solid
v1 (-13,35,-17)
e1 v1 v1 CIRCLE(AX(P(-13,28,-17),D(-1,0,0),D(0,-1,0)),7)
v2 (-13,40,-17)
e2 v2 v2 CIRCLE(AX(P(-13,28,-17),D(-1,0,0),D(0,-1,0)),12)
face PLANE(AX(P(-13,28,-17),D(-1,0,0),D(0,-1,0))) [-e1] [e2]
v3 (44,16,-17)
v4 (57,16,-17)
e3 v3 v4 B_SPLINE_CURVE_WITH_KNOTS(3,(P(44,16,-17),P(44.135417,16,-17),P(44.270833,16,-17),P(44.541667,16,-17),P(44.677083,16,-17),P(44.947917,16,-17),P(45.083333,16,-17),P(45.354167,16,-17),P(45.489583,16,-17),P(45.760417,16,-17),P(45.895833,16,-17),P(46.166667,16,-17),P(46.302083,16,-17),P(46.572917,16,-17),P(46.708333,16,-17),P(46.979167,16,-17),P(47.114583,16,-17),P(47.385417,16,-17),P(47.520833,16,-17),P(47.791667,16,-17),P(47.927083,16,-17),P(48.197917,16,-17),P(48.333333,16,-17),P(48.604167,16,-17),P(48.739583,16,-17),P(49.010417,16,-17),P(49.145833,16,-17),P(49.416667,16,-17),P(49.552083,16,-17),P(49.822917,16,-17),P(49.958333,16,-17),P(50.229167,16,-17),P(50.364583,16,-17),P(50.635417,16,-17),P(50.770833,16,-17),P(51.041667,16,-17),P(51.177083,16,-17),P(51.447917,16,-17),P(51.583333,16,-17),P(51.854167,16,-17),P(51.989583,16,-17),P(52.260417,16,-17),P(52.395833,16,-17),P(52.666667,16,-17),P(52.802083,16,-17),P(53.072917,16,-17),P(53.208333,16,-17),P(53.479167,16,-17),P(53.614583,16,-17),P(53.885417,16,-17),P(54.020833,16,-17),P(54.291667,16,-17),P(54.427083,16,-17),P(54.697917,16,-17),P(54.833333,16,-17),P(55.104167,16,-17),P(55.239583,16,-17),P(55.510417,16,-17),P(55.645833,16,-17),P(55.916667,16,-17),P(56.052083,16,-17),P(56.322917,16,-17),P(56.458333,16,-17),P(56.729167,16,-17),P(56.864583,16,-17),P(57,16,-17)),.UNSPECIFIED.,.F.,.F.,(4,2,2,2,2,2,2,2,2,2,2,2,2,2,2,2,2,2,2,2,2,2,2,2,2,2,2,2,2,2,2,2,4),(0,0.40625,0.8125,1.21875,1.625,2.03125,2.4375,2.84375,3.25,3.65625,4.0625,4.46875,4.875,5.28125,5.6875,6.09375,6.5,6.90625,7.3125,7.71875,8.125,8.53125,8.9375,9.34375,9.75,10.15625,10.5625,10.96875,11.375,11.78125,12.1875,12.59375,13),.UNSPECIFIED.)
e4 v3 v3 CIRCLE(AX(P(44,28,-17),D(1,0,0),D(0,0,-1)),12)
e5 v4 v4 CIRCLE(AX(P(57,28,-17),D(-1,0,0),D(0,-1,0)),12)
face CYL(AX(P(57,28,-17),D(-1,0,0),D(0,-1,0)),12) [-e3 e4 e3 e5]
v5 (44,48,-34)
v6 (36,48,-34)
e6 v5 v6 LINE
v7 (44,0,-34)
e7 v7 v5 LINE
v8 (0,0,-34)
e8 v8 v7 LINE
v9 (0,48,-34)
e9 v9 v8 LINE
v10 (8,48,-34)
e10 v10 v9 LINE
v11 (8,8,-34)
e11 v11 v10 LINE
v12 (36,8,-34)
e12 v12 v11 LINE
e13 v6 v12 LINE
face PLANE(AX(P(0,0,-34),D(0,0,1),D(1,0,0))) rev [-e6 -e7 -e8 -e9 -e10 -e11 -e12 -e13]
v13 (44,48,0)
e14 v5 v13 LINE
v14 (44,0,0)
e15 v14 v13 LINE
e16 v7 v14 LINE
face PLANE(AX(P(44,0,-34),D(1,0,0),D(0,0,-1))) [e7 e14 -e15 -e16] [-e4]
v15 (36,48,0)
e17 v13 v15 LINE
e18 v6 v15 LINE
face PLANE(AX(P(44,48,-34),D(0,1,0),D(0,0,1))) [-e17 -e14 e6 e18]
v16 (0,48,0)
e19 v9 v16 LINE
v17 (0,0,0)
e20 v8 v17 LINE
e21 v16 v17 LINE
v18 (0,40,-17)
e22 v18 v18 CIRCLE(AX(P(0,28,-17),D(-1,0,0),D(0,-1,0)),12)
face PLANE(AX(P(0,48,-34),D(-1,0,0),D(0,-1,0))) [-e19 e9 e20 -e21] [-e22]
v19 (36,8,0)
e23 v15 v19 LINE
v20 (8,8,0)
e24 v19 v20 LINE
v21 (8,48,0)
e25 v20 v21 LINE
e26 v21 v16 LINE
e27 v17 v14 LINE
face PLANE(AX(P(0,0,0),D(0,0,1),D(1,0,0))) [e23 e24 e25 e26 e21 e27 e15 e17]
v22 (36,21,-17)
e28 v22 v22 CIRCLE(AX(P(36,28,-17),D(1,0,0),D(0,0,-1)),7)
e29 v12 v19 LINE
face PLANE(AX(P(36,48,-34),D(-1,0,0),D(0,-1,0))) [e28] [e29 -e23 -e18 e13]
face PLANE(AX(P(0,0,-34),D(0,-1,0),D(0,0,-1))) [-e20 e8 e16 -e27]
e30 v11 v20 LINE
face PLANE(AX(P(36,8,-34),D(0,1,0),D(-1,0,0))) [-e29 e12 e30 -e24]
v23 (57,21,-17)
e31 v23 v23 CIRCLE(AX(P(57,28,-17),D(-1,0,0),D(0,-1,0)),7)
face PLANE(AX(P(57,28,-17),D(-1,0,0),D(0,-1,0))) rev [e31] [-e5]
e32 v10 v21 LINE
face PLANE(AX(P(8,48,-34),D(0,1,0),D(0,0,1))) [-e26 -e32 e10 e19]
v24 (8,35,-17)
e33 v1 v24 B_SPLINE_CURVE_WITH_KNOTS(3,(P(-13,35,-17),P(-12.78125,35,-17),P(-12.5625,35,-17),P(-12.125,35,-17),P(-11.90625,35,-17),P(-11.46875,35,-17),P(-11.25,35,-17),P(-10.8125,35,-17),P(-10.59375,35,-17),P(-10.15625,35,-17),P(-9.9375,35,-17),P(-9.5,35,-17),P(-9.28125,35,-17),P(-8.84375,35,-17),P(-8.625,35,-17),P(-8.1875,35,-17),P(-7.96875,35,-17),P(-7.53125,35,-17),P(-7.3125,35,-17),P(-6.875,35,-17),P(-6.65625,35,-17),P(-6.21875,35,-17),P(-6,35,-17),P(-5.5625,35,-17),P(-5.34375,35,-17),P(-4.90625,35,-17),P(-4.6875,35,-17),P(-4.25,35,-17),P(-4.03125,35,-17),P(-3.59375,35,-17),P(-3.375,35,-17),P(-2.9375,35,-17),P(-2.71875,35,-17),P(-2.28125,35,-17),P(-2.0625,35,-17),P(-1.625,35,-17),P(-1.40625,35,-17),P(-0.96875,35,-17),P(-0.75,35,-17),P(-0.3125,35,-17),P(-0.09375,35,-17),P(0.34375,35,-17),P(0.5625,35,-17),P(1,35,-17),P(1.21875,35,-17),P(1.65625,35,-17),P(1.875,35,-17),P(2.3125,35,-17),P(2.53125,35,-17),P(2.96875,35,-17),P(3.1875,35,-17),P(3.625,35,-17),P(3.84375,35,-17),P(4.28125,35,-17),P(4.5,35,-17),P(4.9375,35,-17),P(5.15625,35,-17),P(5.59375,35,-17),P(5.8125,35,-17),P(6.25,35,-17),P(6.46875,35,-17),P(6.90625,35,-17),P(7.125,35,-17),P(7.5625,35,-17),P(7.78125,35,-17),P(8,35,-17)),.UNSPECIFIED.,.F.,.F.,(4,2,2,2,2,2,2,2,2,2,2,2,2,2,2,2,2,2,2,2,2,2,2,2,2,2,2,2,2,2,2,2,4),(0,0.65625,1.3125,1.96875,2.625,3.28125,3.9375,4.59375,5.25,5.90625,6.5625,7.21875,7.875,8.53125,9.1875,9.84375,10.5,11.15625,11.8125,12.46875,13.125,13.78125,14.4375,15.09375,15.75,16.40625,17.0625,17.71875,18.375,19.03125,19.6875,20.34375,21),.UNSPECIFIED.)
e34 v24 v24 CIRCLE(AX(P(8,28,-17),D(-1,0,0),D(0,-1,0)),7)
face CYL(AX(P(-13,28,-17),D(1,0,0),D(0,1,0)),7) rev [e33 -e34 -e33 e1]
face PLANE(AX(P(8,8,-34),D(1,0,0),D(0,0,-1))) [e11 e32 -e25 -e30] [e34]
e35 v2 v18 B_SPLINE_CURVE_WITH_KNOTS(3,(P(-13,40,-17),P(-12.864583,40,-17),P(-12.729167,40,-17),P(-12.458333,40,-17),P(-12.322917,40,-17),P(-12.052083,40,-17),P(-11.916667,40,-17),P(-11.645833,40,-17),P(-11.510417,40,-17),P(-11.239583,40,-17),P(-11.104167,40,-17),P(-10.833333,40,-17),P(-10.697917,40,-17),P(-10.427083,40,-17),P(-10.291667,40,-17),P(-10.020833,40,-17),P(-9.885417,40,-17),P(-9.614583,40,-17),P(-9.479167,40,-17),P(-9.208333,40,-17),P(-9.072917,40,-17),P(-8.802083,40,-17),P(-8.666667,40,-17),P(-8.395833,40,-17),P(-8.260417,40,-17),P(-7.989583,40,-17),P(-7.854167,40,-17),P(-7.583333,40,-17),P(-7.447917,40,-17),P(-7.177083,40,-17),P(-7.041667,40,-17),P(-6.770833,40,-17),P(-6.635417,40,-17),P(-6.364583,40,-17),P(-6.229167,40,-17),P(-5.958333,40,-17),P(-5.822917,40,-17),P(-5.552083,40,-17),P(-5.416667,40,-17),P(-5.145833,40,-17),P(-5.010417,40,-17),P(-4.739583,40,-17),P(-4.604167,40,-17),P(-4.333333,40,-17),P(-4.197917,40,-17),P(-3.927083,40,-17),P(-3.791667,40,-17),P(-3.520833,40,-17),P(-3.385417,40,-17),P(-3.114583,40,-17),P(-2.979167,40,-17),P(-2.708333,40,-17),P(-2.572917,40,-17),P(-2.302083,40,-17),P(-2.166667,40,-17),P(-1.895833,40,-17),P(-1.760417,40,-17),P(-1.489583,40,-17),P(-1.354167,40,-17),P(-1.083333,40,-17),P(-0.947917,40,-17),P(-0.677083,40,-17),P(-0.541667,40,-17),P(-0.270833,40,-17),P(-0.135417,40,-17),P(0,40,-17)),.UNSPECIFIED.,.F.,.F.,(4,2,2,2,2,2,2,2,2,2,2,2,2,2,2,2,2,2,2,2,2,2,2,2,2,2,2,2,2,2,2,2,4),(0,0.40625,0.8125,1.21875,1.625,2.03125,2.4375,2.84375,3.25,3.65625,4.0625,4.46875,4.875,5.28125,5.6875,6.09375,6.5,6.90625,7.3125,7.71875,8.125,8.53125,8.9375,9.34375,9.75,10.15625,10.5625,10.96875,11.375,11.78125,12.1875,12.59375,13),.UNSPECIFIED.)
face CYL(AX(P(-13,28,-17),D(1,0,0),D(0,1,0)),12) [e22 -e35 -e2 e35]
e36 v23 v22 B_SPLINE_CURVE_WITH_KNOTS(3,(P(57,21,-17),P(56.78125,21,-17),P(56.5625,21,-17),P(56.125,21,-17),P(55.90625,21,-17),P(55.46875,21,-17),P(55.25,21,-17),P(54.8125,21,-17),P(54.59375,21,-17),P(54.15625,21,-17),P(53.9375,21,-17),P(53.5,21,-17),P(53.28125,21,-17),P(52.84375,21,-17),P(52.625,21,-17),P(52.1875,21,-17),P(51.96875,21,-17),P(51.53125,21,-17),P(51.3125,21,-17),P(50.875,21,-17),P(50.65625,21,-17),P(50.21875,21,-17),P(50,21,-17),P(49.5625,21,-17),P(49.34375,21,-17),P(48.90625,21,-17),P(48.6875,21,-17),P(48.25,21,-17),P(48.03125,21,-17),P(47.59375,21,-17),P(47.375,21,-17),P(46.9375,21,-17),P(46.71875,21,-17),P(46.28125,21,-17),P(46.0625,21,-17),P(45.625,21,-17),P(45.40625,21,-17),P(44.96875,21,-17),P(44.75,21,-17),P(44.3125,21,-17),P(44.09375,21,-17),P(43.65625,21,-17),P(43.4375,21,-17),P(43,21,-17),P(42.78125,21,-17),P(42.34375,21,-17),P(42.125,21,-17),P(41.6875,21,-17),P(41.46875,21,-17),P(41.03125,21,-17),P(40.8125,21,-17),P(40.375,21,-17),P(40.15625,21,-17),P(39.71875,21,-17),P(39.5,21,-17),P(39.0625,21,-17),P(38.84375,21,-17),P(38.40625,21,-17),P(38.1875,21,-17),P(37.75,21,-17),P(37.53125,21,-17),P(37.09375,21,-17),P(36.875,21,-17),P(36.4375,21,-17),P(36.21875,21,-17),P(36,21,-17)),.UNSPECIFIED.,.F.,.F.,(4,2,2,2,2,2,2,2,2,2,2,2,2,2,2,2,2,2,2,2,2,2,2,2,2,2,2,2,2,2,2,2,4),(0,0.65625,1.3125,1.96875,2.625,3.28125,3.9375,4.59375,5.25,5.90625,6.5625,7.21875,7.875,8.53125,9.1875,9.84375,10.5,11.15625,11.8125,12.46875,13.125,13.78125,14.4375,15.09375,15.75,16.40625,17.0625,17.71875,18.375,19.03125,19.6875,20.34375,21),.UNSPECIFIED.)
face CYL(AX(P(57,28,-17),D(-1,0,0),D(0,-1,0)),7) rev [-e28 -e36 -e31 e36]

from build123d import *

# Parameters (mm, degrees)
BOSS_EXTRUDE1_DEPTH = 34
SKETCH2_R           = 12
SKETCH2_R_2         = 7
BOSS_EXTRUDE3_DEPTH = 13
BOSS_EXTRUDE5_START = -21
SKETCH4_R           = 12
SKETCH4_R_2         = 7
BOSS_EXTRUDE5_DEPTH = 21
SKETCH9_R           = 7
CUT_EXTRUDE1_DEPTH  = 8
CUT_EXTRUDE2_START  = -8
SKETCH10_R          = 7
CUT_EXTRUDE2_DEPTH  = 8


with BuildPart() as part:
    # Sketch1 → Boss-Extrude1 (new body)
    with BuildSketch(Plane.XY):
        Polygon((0, 0), (44, 0), (44, 48), (36, 48), (36, 8), (8, 8), (8, 48), (0, 48), align=None)
    extrude(amount=-BOSS_EXTRUDE1_DEPTH)

    # Sketch2 → Boss-Extrude3 (add)
    with BuildSketch(Plane.ZY):
        with Locations(Location((-17, 28, 0), (0, 0, 90))):
            Circle(SKETCH2_R)
        with Locations(Location((-17, 28, 0), (0, 0, 90))):
            Circle(SKETCH2_R_2, mode=Mode.SUBTRACT)
    extrude(amount=BOSS_EXTRUDE3_DEPTH)

    # Sketch4 → Boss-Extrude5 (add)
    with BuildSketch(Plane.ZY.offset(-36).offset(BOSS_EXTRUDE5_START)):
        with Locations(Location((-17, 28, 0), (0, 0, 90))):
            Circle(SKETCH4_R)
        with Locations(Location((-17, 28, 0), (0, 0, 90))):
            Circle(SKETCH4_R_2, mode=Mode.SUBTRACT)
    extrude(amount=BOSS_EXTRUDE5_DEPTH)

    # Sketch9 → Cut-Extrude1 (cut)
    with BuildSketch(Plane(origin=(44, 0, 0), x_dir=(0, 0, -1), z_dir=(1, 0, 0))):
        with Locations(Location((17, 28, 0), (0, 0, 90))):
            Circle(SKETCH9_R)
    extrude(amount=-CUT_EXTRUDE1_DEPTH, mode=Mode.SUBTRACT)

    # Sketch10 → Cut-Extrude2 (cut)
    with BuildSketch(Plane.ZY.offset(CUT_EXTRUDE2_START)):
        with Locations(Location((-17, 28, 0), (0, 0, 90))):
            Circle(SKETCH10_R)
    extrude(amount=CUT_EXTRUDE2_DEPTH, mode=Mode.SUBTRACT)


solid = part.part
